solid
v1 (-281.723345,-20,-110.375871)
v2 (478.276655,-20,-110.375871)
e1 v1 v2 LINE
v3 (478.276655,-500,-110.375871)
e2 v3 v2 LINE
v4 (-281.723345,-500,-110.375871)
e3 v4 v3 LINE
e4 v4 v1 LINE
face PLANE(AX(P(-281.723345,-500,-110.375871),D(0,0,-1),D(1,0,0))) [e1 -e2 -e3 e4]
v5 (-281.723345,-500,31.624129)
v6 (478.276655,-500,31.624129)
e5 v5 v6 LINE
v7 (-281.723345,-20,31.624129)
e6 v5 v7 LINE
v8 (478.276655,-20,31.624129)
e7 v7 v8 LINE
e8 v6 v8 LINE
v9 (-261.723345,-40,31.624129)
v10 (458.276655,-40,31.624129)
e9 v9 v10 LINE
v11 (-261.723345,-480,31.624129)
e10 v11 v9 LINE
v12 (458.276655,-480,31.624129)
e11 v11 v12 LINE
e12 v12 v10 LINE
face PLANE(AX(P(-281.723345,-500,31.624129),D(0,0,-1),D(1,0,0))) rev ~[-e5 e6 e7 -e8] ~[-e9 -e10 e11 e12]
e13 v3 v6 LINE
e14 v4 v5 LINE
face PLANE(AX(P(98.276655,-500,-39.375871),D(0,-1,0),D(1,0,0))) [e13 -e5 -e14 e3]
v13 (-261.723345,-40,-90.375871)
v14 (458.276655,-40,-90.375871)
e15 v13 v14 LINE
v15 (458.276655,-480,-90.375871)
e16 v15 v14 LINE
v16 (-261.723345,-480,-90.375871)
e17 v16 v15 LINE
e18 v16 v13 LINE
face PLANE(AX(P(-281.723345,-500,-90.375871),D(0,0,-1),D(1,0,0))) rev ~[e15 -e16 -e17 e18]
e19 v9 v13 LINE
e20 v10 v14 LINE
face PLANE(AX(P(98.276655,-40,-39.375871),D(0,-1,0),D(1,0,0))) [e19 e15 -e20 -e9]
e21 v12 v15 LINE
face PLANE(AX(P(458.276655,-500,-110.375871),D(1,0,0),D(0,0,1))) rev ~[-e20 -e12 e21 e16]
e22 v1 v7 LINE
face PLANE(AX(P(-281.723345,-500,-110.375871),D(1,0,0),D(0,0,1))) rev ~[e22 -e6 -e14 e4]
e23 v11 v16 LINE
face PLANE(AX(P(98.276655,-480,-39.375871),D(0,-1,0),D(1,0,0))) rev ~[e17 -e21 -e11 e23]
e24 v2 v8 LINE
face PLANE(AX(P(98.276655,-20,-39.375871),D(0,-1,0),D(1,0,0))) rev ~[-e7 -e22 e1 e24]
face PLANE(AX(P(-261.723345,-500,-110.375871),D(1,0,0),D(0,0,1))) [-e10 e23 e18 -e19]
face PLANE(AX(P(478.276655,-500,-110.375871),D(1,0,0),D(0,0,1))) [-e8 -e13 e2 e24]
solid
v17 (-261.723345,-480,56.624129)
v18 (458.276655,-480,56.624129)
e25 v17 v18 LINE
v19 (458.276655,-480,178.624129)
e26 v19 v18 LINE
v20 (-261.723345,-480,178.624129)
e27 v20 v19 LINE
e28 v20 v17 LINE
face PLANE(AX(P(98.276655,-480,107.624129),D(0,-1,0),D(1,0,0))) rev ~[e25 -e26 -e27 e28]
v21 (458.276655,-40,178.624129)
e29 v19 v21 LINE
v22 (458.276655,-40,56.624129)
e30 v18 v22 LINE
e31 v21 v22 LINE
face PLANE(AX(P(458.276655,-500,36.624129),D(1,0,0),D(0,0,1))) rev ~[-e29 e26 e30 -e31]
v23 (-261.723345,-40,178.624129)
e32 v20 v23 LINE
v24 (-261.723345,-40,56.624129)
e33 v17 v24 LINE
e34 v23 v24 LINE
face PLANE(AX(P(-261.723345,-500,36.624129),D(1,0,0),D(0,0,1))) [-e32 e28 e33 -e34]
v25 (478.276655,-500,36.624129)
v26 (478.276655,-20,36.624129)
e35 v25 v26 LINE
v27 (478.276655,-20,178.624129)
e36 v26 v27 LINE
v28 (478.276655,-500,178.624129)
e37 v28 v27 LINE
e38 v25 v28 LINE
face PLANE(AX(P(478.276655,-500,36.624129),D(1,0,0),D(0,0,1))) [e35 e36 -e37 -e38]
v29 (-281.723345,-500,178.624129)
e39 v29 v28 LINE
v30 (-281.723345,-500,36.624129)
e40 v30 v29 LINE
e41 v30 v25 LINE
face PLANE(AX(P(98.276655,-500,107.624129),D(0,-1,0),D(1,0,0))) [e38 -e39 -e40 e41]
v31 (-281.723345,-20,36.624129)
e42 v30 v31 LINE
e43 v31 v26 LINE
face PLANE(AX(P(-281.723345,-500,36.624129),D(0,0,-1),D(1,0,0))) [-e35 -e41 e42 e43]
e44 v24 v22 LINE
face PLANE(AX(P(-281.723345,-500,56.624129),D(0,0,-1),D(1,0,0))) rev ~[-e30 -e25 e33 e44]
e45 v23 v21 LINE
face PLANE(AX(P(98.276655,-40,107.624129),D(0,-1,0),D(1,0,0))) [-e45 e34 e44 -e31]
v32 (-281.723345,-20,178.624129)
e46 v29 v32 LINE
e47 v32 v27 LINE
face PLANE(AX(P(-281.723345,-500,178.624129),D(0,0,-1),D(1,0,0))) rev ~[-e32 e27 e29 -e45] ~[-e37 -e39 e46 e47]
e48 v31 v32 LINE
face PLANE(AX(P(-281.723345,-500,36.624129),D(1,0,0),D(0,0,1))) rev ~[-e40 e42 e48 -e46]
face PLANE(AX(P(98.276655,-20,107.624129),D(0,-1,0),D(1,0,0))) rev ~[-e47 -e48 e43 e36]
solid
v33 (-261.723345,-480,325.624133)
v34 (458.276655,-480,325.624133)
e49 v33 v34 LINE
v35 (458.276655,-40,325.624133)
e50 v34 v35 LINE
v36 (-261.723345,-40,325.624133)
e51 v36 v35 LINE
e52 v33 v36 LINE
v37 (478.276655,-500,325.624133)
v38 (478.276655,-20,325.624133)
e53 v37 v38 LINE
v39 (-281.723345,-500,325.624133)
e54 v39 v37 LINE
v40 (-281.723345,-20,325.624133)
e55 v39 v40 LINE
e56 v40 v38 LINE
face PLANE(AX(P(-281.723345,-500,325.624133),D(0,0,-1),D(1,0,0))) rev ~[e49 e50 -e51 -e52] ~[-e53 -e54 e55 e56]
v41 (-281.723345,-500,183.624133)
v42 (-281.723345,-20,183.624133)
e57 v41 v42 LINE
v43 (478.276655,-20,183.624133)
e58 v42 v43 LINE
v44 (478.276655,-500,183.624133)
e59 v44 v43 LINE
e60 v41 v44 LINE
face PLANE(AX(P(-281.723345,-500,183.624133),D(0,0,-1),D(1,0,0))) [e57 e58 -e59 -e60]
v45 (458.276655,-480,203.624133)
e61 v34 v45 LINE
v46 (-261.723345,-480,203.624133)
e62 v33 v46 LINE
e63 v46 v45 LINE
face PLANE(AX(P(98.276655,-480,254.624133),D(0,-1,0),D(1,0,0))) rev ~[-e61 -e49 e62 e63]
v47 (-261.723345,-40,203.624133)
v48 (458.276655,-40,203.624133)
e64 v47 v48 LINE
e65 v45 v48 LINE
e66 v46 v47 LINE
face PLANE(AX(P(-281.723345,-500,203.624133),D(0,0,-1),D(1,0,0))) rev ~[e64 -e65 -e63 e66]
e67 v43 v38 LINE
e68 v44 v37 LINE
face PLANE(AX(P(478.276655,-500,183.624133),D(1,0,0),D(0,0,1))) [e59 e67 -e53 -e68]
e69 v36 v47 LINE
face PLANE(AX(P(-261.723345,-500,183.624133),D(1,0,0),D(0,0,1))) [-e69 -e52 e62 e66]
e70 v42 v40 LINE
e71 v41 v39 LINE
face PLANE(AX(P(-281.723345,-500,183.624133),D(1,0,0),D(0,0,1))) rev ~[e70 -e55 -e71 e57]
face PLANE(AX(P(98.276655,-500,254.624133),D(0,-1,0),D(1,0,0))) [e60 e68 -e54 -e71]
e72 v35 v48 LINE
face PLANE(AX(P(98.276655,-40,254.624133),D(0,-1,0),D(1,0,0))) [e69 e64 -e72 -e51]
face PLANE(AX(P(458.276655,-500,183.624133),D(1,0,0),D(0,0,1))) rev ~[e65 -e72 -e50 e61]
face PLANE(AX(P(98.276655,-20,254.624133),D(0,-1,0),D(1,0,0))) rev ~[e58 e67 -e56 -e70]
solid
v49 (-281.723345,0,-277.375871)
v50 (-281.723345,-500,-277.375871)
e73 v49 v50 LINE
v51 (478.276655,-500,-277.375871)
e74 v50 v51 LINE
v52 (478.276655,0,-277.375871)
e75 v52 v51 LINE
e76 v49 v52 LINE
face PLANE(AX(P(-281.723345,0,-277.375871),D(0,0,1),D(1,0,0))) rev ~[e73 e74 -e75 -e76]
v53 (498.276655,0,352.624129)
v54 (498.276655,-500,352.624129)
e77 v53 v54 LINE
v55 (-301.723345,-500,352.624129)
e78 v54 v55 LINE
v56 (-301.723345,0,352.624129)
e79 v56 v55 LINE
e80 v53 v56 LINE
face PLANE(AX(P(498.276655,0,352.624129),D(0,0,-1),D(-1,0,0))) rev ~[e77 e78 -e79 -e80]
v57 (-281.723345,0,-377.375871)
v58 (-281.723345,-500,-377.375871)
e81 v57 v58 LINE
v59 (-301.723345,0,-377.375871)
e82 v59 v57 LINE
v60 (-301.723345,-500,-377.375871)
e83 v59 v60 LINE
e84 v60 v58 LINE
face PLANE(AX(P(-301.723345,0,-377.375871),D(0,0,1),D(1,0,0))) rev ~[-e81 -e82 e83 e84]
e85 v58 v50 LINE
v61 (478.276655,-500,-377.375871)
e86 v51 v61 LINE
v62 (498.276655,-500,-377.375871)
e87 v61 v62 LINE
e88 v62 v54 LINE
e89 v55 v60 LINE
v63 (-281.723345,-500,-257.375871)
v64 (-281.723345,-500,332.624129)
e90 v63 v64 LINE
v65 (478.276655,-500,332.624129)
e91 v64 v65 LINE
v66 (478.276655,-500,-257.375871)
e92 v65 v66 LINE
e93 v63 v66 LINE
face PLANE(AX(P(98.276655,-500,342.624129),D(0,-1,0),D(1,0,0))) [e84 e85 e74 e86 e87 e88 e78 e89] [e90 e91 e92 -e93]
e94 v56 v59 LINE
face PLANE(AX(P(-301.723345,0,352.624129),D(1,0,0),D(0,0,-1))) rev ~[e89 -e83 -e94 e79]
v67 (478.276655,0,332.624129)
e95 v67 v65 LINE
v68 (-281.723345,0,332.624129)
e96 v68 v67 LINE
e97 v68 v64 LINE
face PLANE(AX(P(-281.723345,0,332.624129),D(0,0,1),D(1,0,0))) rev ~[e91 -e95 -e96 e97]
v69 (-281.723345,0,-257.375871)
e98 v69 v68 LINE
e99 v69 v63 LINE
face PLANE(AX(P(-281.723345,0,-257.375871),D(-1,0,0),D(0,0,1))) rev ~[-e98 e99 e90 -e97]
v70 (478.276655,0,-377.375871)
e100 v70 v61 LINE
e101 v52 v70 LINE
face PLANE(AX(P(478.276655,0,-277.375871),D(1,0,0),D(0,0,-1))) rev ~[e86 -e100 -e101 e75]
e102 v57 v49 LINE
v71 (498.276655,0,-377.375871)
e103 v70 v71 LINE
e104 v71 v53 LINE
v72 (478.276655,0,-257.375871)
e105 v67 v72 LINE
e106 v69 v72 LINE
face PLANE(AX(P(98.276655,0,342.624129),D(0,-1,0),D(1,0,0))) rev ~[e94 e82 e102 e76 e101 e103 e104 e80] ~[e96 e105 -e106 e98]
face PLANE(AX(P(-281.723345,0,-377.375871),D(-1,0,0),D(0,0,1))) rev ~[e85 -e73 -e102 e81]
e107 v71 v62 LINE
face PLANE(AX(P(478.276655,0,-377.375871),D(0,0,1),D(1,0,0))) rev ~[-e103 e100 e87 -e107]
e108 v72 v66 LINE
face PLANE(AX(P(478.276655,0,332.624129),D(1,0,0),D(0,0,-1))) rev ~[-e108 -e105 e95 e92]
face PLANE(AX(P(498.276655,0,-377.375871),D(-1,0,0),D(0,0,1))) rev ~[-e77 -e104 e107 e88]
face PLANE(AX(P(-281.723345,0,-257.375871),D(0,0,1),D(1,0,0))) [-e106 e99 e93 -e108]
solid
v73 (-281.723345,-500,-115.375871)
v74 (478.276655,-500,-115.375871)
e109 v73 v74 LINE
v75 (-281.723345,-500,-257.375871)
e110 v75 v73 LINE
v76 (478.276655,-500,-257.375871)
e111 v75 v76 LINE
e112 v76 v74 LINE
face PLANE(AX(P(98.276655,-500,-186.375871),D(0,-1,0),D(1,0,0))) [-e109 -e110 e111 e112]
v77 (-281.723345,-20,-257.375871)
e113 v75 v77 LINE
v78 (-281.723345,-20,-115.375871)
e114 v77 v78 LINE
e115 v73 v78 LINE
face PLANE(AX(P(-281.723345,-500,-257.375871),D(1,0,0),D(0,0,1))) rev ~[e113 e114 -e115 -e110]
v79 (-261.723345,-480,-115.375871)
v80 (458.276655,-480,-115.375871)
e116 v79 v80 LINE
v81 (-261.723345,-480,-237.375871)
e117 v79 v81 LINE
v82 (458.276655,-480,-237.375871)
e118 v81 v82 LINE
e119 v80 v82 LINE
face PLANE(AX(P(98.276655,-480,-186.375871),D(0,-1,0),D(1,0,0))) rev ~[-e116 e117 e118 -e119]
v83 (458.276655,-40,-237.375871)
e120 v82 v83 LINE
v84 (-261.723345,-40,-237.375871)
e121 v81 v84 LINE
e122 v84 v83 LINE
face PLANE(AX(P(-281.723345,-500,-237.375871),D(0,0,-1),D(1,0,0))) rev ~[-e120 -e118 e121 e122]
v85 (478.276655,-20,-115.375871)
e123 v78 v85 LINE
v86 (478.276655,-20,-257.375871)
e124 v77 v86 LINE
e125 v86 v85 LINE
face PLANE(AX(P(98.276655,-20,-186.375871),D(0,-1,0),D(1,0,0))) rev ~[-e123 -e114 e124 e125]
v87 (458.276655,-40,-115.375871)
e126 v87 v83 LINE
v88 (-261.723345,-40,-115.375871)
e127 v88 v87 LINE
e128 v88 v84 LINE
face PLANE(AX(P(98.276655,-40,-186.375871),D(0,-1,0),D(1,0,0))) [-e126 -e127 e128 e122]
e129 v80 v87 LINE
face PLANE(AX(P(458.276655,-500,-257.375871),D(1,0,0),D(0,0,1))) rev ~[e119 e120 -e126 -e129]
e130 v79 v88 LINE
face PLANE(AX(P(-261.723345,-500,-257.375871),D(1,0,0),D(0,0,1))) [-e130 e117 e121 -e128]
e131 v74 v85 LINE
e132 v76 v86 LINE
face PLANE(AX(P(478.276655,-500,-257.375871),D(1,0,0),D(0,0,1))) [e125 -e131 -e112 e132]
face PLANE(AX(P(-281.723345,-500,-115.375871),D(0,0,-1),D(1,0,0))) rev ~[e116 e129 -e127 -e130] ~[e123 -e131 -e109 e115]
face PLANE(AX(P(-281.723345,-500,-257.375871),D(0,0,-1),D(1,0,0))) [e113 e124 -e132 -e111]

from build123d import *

# Parameters (mm, degrees)
F0_W     = 760
F0_H     = 20
F1_DEPTH = 500
F2_W     = 760
F2_H     = 142
F3_DEPTH = 480
F4_T     = -20
F4_2_T   = -20
F4_3_T   = -20
F4_4_T   = -20


with BuildPart() as f1:
    # F0 (on Front) → F1 (new body)
    with BuildSketch(Plane.XZ):
        Polygon((-301.7233454305, 352.6241288904), (-301.7233454305, 332.6241288904), (-281.7233454305, 332.6241288904), (478.2766545695, 332.6241288904), (498.2766545695, 332.6241288904), (498.2766545695, 352.6241288904), align=None)
        Polygon((-281.7233454305, 332.6241288904), (-301.7233454305, 332.6241288904), (-301.7233454305, -377.3758711096), (-281.7233454305, -377.3758711096), (-281.7233454305, -277.3758711096), (-281.7233454305, -257.3758711096), align=None)
        with Locations((98.2766545695, -267.3758711096)):
            Rectangle(F0_W, F0_H)
        Polygon((498.2766545695, 332.6241288904), (478.2766545695, 332.6241288904), (478.2766545695, -257.3758711096), (478.2766545695, -277.3758711096), (478.2766545695, -377.3758711096), (498.2766545695, -377.3758711096), align=None)
    extrude(amount=F1_DEPTH)


with BuildPart() as f3:
    # F2 (on face) → F3 (new body)
    with BuildSketch(Plane.XZ.offset(500)):
        with Locations((98.2766545695, -186.3758711096)):
            Rectangle(F2_W, F2_H)
    extrude(amount=-F3_DEPTH)

    # F4#4
    f4_4_openings = [f3.faces().sort_by_distance(p)[0] for p in [
        (98.276655, -260, -115.375871),
    ]]
    offset(amount=F4_4_T, openings=f4_4_openings)


with BuildPart() as f3b:
    # F2 (on face) → F3, piece 2 (new body)
    with BuildSketch(Plane.XZ.offset(500)):
        with Locations((98.2766545695, -39.3758711096)):
            Rectangle(F2_W, F2_H)
    extrude(amount=-F3_DEPTH)

    # F4#3
    f4_3_openings = [f3b.faces().sort_by_distance(p)[0] for p in [
        (98.276655, -260, 31.624129),
    ]]
    offset(amount=F4_3_T, openings=f4_3_openings)


with BuildPart() as f3c:
    # F2 (on face) → F3, piece 3 (new body)
    with BuildSketch(Plane.XZ.offset(500)):
        with Locations((98.2766545695, 107.6241288904)):
            Rectangle(F2_W, F2_H)
    extrude(amount=-F3_DEPTH)

    # F4#2
    f4_2_openings = [f3c.faces().sort_by_distance(p)[0] for p in [
        (98.276655, -260, 178.624129),
    ]]
    offset(amount=F4_2_T, openings=f4_2_openings)


with BuildPart() as f3d:
    # F2 (on face) → F3, piece 4 (new body)
    with BuildSketch(Plane.XZ.offset(500)):
        with Locations((98.2766545695, 254.6241334677)):
            Rectangle(F2_W, F2_H)
    extrude(amount=-F3_DEPTH)

    # F4
    f4_openings = [f3d.faces().sort_by_distance(p)[0] for p in [
        (98.276655, -260, 325.624133),
    ]]
    offset(amount=F4_T, openings=f4_openings)


solid = Compound([f1.part, f3.part, f3b.part, f3c.part, f3d.part])
